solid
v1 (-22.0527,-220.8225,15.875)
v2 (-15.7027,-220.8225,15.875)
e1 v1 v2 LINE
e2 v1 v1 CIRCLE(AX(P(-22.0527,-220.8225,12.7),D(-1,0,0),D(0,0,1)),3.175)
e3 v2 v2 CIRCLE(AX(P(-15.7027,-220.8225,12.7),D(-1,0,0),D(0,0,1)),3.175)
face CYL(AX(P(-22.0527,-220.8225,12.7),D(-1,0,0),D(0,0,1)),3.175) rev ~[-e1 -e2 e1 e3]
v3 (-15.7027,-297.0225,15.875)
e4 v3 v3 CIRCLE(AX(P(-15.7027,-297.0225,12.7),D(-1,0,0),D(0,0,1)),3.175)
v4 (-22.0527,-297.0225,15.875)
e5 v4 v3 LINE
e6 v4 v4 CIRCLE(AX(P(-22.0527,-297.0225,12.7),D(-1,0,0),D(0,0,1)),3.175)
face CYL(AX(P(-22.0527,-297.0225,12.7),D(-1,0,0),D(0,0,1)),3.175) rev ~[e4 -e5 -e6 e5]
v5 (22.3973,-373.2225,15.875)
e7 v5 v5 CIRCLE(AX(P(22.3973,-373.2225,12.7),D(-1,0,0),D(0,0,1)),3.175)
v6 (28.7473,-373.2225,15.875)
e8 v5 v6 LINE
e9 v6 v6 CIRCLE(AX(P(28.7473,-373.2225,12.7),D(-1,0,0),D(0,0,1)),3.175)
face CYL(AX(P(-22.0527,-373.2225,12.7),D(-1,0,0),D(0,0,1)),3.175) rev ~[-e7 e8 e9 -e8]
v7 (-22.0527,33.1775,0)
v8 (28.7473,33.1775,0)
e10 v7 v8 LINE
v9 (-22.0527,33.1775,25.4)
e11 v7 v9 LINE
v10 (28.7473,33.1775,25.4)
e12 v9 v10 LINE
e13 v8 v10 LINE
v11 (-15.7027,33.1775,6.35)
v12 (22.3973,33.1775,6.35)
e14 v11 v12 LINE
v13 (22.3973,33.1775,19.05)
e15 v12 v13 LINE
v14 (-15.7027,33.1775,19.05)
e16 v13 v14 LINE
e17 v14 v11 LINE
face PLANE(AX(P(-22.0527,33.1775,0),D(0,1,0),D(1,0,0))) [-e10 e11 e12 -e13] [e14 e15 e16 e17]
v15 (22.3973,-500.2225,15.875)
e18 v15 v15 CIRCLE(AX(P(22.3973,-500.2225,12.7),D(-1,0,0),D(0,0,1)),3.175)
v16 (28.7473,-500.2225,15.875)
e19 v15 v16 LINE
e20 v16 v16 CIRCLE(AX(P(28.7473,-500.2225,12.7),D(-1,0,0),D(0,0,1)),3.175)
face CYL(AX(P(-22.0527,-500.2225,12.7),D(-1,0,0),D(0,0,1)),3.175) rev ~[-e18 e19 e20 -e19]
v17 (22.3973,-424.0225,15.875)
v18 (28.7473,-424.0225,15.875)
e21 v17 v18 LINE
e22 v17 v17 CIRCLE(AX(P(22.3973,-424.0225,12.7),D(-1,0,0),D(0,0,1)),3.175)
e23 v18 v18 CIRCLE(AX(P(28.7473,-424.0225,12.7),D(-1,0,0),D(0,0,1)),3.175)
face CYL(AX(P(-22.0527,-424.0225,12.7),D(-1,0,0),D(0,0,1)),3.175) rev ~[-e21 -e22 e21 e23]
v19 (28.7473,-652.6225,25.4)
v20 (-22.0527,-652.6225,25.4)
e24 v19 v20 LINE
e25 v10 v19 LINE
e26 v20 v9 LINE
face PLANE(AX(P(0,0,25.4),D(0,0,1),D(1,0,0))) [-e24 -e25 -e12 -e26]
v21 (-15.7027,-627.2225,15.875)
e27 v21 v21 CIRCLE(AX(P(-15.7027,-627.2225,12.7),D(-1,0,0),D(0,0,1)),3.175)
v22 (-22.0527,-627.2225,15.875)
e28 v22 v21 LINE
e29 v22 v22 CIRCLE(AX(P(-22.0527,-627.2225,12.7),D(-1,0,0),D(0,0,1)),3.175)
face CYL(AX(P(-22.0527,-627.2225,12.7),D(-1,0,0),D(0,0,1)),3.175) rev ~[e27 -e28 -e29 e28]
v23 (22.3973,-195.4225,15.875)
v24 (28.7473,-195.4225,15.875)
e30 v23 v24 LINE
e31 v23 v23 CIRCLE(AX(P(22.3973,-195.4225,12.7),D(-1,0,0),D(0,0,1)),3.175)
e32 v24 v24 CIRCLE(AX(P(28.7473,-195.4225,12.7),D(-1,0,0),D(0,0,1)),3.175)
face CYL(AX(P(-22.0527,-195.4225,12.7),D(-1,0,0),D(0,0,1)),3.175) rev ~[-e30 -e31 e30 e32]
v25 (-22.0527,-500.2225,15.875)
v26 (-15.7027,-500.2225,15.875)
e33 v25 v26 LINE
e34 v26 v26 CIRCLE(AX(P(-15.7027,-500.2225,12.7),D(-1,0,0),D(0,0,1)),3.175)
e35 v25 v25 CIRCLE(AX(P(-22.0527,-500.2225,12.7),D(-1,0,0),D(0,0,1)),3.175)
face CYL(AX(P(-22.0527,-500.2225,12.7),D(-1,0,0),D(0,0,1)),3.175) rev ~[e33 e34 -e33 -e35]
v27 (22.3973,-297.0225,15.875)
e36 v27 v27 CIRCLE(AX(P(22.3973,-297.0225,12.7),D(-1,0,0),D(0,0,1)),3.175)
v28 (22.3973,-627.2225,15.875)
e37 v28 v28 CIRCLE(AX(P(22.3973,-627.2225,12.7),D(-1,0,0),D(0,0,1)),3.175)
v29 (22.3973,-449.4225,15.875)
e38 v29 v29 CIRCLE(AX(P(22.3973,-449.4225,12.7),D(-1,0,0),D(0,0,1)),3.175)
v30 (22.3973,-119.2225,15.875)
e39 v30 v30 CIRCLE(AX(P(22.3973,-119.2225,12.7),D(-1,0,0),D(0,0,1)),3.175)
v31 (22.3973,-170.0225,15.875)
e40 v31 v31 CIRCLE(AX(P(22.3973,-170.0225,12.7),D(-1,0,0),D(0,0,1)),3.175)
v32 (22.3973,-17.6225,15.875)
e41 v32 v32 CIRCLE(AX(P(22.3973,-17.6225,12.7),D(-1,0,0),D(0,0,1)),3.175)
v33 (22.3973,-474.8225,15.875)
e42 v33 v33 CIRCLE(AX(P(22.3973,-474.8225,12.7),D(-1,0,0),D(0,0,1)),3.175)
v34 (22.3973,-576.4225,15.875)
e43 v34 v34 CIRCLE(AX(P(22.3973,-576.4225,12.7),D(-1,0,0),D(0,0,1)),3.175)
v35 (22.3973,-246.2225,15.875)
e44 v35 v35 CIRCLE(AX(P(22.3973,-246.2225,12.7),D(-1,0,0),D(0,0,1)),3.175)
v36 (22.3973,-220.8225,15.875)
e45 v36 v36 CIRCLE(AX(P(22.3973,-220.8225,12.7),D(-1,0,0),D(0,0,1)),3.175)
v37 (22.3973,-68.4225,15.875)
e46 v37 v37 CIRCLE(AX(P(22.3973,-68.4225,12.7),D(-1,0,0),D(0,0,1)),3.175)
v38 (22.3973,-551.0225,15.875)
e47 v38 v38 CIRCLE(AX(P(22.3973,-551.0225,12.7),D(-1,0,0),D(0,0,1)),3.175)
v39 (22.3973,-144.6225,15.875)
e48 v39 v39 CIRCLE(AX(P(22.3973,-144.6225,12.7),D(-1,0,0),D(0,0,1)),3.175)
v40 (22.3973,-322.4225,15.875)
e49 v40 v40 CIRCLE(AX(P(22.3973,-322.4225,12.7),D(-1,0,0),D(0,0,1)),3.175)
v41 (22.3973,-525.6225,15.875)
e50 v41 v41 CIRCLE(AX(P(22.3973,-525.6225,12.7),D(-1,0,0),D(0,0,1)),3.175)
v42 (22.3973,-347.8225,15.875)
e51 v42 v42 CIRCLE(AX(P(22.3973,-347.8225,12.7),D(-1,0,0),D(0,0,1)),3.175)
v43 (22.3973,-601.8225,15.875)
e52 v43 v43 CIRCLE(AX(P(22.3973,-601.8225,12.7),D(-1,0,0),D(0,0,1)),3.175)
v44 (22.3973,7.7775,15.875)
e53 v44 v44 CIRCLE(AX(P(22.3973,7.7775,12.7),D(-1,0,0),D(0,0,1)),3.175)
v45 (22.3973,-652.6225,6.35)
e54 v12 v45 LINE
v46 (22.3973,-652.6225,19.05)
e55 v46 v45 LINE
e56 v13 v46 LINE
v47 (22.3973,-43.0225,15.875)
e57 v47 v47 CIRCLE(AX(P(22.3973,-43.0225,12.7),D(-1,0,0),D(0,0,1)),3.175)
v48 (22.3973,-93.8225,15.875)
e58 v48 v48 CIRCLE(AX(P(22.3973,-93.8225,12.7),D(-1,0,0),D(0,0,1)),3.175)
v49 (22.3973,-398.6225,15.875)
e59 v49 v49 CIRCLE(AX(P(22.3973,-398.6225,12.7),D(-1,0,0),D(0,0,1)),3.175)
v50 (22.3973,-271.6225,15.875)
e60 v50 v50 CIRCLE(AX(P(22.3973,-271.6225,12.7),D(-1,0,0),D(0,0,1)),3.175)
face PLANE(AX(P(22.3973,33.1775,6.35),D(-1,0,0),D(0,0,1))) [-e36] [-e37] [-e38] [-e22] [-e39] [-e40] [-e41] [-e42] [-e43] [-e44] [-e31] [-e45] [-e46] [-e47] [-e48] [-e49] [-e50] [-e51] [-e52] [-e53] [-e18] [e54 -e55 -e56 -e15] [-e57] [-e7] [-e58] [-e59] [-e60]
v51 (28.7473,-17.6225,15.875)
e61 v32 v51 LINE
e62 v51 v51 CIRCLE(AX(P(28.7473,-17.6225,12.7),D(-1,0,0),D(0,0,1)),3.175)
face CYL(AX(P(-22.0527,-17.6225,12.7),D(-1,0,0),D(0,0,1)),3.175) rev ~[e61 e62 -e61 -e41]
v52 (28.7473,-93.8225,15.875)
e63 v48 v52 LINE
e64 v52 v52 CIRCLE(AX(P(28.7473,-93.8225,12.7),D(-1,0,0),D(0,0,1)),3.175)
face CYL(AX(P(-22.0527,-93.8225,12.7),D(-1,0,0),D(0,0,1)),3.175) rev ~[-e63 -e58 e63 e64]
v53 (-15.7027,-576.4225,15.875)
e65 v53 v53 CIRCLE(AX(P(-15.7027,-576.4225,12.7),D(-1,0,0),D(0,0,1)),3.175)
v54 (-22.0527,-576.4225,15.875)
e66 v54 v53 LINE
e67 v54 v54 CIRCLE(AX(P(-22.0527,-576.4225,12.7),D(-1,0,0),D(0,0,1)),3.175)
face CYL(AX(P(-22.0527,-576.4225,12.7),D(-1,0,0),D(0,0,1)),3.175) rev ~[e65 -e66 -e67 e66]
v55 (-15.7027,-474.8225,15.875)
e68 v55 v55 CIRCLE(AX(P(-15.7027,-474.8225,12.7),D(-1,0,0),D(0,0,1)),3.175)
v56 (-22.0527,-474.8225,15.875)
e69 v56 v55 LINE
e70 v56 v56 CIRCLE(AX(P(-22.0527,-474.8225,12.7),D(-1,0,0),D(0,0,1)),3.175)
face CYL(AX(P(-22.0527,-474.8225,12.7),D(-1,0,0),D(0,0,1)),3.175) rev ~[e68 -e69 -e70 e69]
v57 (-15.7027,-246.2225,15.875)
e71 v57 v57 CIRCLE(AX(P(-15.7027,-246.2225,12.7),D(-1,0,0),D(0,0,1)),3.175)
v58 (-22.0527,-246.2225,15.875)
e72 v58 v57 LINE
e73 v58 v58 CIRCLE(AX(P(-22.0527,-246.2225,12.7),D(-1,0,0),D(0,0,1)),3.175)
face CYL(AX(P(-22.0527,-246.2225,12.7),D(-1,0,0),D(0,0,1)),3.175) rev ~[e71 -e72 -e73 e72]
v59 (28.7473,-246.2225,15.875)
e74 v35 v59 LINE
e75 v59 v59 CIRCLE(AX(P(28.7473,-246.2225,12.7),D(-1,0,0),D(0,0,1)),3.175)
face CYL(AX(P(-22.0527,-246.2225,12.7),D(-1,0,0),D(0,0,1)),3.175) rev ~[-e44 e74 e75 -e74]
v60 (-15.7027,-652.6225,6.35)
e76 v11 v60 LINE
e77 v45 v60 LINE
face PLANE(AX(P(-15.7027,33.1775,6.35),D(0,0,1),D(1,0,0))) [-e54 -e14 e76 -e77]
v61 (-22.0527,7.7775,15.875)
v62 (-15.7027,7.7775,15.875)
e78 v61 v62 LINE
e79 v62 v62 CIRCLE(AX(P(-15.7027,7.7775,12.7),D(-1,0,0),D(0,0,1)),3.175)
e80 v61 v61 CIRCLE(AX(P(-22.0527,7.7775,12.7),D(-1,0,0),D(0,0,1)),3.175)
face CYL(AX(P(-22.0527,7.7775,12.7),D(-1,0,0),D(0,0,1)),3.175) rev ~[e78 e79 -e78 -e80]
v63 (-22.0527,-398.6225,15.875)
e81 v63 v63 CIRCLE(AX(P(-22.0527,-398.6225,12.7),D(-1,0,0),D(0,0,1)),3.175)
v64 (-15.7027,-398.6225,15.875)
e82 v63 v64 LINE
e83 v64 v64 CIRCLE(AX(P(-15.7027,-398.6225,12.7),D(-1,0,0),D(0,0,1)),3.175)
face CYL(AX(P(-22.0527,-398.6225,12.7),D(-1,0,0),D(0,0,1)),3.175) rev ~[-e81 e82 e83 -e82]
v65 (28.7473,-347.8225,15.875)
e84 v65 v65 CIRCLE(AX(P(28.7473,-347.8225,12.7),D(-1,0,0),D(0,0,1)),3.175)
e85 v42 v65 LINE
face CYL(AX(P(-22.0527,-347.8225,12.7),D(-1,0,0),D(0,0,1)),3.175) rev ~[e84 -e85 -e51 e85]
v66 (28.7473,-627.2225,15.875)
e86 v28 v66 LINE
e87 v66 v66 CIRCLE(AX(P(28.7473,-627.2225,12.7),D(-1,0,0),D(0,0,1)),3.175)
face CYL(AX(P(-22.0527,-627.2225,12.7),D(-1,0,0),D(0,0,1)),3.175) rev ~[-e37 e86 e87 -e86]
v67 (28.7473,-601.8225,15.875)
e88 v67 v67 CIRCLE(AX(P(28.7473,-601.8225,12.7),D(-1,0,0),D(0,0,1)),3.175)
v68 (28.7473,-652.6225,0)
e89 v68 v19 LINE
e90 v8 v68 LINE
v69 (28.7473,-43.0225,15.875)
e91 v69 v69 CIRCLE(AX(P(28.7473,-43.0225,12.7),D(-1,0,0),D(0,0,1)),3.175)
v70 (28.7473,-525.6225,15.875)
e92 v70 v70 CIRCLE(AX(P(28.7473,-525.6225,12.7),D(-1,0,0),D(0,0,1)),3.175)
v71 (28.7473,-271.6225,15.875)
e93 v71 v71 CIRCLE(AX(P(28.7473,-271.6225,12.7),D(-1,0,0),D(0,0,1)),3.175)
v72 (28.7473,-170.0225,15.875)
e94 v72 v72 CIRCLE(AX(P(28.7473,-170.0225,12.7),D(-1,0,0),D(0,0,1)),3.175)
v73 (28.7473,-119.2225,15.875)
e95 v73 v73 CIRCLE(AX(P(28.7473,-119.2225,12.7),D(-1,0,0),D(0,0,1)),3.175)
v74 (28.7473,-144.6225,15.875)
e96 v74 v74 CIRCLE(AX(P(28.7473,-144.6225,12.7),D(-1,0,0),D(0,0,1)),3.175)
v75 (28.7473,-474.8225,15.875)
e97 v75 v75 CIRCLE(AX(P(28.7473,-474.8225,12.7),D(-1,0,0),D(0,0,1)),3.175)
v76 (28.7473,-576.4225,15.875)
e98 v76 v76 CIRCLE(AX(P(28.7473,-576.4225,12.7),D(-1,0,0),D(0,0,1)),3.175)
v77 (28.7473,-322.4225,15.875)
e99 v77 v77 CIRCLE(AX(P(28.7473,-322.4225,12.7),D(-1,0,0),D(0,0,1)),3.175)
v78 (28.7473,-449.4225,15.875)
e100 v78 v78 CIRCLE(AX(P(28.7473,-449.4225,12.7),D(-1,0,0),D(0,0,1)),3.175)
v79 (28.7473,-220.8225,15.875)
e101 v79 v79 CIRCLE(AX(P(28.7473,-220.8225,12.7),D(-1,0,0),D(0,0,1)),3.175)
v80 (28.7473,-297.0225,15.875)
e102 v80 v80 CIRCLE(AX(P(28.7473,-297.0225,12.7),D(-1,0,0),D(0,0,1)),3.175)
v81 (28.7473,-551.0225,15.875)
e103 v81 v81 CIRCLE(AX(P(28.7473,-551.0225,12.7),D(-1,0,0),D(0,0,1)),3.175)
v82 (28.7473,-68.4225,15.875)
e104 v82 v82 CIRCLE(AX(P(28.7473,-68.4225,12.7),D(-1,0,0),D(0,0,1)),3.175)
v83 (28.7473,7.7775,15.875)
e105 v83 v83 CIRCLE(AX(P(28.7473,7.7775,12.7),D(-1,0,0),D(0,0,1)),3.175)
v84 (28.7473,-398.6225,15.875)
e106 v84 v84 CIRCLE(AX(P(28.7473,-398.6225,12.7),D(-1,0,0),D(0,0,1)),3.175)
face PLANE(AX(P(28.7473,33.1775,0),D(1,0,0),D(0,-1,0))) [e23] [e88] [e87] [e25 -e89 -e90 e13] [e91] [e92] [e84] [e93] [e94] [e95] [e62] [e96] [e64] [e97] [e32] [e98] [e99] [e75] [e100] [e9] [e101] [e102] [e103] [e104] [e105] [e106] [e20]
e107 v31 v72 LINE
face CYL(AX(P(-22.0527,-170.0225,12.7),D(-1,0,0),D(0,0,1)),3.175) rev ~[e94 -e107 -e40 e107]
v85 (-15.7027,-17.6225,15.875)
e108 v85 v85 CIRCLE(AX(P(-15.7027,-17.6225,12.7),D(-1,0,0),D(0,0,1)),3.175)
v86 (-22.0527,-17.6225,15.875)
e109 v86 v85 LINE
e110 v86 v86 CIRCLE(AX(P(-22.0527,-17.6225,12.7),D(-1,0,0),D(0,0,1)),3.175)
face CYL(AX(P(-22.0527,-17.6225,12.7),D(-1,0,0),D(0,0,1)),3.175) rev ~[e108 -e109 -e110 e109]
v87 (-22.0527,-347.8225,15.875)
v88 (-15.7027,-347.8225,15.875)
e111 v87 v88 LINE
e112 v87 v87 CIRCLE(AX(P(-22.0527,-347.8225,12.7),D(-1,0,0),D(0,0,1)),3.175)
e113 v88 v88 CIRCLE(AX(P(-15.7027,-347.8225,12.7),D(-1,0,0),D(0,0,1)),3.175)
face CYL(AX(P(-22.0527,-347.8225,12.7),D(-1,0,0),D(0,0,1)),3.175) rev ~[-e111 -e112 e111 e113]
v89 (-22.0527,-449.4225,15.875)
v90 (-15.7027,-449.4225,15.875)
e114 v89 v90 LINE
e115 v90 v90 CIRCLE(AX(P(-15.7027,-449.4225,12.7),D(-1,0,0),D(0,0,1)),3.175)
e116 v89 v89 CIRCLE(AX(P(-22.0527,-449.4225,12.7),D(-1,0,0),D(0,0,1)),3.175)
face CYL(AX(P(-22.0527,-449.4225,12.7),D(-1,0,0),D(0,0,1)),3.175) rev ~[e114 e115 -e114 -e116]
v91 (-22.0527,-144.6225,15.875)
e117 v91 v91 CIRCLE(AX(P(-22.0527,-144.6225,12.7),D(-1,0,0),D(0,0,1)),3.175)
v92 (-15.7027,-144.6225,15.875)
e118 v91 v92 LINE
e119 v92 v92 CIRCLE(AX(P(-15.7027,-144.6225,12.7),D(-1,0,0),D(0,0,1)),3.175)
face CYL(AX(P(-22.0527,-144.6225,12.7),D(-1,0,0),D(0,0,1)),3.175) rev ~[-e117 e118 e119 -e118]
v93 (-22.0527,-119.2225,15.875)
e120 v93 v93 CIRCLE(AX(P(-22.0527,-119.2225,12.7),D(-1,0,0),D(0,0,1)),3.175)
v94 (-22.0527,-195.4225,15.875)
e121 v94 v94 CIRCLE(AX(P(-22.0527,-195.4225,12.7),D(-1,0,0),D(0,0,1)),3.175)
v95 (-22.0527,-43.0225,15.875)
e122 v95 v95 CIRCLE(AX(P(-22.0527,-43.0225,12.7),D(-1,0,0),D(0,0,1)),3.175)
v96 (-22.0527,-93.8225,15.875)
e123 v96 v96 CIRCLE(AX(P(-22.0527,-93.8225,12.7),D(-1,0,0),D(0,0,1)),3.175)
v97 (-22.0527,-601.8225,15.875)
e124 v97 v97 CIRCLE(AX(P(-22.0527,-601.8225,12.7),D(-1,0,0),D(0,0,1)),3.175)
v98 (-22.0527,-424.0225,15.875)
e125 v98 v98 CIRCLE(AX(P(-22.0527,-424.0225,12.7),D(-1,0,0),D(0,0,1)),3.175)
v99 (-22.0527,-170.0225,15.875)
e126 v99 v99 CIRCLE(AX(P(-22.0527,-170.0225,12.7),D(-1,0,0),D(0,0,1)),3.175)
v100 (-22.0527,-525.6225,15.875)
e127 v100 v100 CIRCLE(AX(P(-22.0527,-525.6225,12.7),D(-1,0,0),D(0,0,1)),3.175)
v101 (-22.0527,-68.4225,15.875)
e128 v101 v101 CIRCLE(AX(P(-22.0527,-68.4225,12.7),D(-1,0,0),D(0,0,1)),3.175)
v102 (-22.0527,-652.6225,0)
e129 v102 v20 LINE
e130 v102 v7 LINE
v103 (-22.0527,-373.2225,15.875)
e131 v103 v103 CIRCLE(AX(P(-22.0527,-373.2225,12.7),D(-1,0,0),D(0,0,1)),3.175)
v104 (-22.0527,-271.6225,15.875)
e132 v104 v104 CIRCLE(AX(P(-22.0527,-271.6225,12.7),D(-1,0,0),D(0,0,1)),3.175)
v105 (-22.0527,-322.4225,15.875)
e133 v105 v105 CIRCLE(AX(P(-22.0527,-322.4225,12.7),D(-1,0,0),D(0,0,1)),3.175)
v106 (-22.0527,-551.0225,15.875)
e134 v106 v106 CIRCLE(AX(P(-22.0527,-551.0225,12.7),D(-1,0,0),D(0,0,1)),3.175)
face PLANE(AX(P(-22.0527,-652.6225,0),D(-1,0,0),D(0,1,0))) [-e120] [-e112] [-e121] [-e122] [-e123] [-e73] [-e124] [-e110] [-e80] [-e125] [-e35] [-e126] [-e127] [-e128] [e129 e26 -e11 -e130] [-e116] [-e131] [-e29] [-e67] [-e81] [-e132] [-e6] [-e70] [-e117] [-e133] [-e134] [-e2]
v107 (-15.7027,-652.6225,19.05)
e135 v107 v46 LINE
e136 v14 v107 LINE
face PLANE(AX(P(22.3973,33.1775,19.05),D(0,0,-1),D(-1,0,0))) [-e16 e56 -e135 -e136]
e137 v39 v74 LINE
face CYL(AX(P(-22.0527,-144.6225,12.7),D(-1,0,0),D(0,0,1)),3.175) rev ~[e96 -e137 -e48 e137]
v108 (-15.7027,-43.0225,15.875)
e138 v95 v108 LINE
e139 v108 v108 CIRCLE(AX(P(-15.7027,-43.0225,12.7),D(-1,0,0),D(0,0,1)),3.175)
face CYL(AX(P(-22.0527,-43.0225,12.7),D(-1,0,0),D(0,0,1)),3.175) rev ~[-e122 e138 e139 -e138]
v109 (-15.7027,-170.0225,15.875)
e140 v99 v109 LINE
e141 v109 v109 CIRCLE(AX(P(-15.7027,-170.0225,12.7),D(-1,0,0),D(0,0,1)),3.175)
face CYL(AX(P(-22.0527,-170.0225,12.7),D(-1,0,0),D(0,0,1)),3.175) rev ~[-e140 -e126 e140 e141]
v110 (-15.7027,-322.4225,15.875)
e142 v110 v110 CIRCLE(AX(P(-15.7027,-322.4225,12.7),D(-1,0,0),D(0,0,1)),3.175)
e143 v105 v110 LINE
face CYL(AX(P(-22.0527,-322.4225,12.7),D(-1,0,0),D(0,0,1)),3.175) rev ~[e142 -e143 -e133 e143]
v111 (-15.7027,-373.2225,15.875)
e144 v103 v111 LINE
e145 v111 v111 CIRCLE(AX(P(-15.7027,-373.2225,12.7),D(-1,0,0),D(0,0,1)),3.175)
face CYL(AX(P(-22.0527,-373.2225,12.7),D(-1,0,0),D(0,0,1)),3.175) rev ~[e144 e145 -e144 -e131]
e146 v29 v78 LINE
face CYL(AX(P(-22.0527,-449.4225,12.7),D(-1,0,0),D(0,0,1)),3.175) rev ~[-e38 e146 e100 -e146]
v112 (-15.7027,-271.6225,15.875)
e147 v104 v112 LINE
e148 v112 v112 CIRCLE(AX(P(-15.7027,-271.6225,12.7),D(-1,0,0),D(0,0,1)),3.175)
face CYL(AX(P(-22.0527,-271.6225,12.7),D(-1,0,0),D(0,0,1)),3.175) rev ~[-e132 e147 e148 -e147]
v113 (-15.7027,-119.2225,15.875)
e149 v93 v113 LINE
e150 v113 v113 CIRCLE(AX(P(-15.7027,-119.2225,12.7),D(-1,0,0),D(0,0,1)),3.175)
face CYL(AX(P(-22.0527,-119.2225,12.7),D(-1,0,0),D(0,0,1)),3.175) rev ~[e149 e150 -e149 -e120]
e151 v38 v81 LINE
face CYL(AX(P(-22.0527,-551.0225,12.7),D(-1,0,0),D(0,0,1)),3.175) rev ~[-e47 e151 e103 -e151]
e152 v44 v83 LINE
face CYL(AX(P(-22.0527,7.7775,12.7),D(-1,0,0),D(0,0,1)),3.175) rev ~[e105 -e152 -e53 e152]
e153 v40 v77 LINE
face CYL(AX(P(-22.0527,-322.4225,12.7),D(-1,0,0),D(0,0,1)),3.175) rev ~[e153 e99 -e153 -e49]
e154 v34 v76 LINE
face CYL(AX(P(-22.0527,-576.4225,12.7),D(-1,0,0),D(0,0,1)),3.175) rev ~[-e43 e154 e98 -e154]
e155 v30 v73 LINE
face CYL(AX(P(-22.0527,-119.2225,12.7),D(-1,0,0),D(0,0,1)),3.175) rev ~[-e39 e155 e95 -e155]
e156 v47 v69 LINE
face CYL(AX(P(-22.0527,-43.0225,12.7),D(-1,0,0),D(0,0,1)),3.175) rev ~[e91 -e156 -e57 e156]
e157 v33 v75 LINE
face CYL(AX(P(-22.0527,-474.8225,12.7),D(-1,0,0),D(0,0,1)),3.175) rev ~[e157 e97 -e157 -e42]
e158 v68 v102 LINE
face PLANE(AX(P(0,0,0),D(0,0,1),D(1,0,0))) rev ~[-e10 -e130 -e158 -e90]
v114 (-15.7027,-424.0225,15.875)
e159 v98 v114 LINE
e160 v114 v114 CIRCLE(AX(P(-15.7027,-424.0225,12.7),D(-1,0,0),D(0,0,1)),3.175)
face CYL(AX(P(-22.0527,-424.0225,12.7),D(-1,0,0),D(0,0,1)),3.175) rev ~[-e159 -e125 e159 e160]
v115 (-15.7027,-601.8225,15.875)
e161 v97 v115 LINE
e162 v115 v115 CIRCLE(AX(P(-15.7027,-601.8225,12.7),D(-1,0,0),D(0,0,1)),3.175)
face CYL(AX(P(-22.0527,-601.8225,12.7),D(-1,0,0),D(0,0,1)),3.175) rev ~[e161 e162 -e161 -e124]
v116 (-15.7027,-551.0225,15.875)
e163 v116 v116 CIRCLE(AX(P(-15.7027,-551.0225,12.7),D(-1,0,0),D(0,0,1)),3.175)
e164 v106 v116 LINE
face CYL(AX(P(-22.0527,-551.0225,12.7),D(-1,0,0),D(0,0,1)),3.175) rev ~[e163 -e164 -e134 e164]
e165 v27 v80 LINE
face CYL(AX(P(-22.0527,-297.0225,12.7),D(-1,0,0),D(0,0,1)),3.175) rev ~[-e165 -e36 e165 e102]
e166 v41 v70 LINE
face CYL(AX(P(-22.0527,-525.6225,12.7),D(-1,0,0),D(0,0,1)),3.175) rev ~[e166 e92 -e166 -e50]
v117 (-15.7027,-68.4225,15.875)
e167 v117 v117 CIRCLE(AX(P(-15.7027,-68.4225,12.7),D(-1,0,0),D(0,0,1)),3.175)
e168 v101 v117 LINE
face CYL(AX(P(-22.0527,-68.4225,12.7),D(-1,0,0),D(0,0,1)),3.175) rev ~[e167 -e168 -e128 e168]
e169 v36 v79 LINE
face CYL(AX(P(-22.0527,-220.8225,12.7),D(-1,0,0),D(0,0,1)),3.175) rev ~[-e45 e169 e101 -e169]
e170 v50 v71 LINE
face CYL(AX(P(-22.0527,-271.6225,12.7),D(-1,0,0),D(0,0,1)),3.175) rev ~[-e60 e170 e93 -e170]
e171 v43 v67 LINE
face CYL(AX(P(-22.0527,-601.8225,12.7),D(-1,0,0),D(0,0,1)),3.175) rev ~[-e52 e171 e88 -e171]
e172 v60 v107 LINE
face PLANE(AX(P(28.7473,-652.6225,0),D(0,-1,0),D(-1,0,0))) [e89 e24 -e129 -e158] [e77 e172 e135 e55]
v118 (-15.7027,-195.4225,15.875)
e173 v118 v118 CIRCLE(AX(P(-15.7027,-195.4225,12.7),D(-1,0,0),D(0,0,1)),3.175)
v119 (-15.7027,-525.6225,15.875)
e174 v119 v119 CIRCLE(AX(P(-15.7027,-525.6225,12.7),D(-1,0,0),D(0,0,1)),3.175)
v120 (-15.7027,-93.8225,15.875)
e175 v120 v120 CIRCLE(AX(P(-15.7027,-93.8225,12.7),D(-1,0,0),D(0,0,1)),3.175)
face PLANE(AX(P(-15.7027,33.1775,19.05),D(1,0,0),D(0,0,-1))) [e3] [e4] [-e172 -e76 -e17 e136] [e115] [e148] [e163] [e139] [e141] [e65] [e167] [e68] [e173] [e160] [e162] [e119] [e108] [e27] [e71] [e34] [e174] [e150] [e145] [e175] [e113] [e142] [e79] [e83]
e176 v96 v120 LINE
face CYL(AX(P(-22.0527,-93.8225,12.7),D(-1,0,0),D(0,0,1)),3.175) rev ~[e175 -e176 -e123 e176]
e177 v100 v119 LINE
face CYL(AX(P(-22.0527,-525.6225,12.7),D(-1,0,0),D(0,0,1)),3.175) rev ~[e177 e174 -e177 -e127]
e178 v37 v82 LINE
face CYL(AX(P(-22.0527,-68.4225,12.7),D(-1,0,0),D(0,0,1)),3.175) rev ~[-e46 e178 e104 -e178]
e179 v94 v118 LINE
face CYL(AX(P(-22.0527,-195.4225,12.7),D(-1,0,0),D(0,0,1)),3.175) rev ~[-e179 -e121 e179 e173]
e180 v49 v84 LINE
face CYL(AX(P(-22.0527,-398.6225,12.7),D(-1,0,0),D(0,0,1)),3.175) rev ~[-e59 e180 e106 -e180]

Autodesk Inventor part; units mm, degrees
ref_plane "YZ Plane" through (0, 0, 0) normal (1, 0, 0) x (0, 1, 0)
ref_plane "XZ Plane" through (0, 0, 0) normal (0, 1, 0) x (-1, 0, 0)
ref_plane "XY Plane" through (0, 0, 0) normal (0, 0, 1) x (1, 0, 0)
sketch "Sketch1" plane through (0, 0, 0) normal (0, 0, 1) x (1, 0, 0)
  line L0 (-22.0527, 33.1775) -> (28.7473, 33.1775)
  line L1 (28.7473, 33.1775) -> (28.7473, -652.6225)
  line L2 (28.7473, -652.6225) -> (-22.0527, -652.6225)
  line L3 (-22.0527, -652.6225) -> (-22.0527, 33.1775)
  point P0 (0, 0)
  dimension "d0" = 50.8
  dimension "d1" = 685.8
extrude "Extrusion1" add sketch "Sketch1" along normal blind 25.4
sketch "Sketch2" plane through (-22.0527, 33.1775, 0) normal (0, 1, 0) x (1, 0, 0)
  line L0 (0, 0) -> (0, -25.4) projected
  line L1 (0, 0) -> (50.8, 0) projected
  line L2 (50.8, 0) -> (50.8, -25.4) projected
  line L3 (50.8, -25.4) -> (0, -25.4) projected
  line L4 (6.35, -19.05) -> (6.35, -6.35)
  line L5 (6.35, -6.35) -> (44.45, -6.35)
  line L6 (44.45, -6.35) -> (44.45, -19.05)
  line L7 (44.45, -19.05) -> (6.35, -19.05)
  point P0 (22.0527, 0)
  dimension "d4" = 6.35
extrude "Extrusion2" cut sketch "Sketch2" against normal through all contours L4 L5 L6 L7
sketch "Sketch3" plane through (-22.0527, -652.6225, 0) normal (-1, 0, 0) x (0, 0, 1)
  line L0 (0, 685.8) -> (25.4, 685.8) projected
  line L1 (12.7, 685.8) -> (12.7, 0) construction
  line L2 (6.35, 0) -> (19.05, 0) projected
  circle A0 centre (12.7, 660.4) radius 3.175
  point P0 (0, 652.6225)
  dimension "d7" = 6.35
  dimension "d8" = 25.4
extrude "Extrusion3" cut sketch "Sketch3" against normal through all
pattern_linear "Rectangular Pattern1" count 26 spacing 25.4 along (0, -1, 0) of "Extrusion3"
properties part number "2AM-17-02-Back Frame" material "Aluminum 6061"
